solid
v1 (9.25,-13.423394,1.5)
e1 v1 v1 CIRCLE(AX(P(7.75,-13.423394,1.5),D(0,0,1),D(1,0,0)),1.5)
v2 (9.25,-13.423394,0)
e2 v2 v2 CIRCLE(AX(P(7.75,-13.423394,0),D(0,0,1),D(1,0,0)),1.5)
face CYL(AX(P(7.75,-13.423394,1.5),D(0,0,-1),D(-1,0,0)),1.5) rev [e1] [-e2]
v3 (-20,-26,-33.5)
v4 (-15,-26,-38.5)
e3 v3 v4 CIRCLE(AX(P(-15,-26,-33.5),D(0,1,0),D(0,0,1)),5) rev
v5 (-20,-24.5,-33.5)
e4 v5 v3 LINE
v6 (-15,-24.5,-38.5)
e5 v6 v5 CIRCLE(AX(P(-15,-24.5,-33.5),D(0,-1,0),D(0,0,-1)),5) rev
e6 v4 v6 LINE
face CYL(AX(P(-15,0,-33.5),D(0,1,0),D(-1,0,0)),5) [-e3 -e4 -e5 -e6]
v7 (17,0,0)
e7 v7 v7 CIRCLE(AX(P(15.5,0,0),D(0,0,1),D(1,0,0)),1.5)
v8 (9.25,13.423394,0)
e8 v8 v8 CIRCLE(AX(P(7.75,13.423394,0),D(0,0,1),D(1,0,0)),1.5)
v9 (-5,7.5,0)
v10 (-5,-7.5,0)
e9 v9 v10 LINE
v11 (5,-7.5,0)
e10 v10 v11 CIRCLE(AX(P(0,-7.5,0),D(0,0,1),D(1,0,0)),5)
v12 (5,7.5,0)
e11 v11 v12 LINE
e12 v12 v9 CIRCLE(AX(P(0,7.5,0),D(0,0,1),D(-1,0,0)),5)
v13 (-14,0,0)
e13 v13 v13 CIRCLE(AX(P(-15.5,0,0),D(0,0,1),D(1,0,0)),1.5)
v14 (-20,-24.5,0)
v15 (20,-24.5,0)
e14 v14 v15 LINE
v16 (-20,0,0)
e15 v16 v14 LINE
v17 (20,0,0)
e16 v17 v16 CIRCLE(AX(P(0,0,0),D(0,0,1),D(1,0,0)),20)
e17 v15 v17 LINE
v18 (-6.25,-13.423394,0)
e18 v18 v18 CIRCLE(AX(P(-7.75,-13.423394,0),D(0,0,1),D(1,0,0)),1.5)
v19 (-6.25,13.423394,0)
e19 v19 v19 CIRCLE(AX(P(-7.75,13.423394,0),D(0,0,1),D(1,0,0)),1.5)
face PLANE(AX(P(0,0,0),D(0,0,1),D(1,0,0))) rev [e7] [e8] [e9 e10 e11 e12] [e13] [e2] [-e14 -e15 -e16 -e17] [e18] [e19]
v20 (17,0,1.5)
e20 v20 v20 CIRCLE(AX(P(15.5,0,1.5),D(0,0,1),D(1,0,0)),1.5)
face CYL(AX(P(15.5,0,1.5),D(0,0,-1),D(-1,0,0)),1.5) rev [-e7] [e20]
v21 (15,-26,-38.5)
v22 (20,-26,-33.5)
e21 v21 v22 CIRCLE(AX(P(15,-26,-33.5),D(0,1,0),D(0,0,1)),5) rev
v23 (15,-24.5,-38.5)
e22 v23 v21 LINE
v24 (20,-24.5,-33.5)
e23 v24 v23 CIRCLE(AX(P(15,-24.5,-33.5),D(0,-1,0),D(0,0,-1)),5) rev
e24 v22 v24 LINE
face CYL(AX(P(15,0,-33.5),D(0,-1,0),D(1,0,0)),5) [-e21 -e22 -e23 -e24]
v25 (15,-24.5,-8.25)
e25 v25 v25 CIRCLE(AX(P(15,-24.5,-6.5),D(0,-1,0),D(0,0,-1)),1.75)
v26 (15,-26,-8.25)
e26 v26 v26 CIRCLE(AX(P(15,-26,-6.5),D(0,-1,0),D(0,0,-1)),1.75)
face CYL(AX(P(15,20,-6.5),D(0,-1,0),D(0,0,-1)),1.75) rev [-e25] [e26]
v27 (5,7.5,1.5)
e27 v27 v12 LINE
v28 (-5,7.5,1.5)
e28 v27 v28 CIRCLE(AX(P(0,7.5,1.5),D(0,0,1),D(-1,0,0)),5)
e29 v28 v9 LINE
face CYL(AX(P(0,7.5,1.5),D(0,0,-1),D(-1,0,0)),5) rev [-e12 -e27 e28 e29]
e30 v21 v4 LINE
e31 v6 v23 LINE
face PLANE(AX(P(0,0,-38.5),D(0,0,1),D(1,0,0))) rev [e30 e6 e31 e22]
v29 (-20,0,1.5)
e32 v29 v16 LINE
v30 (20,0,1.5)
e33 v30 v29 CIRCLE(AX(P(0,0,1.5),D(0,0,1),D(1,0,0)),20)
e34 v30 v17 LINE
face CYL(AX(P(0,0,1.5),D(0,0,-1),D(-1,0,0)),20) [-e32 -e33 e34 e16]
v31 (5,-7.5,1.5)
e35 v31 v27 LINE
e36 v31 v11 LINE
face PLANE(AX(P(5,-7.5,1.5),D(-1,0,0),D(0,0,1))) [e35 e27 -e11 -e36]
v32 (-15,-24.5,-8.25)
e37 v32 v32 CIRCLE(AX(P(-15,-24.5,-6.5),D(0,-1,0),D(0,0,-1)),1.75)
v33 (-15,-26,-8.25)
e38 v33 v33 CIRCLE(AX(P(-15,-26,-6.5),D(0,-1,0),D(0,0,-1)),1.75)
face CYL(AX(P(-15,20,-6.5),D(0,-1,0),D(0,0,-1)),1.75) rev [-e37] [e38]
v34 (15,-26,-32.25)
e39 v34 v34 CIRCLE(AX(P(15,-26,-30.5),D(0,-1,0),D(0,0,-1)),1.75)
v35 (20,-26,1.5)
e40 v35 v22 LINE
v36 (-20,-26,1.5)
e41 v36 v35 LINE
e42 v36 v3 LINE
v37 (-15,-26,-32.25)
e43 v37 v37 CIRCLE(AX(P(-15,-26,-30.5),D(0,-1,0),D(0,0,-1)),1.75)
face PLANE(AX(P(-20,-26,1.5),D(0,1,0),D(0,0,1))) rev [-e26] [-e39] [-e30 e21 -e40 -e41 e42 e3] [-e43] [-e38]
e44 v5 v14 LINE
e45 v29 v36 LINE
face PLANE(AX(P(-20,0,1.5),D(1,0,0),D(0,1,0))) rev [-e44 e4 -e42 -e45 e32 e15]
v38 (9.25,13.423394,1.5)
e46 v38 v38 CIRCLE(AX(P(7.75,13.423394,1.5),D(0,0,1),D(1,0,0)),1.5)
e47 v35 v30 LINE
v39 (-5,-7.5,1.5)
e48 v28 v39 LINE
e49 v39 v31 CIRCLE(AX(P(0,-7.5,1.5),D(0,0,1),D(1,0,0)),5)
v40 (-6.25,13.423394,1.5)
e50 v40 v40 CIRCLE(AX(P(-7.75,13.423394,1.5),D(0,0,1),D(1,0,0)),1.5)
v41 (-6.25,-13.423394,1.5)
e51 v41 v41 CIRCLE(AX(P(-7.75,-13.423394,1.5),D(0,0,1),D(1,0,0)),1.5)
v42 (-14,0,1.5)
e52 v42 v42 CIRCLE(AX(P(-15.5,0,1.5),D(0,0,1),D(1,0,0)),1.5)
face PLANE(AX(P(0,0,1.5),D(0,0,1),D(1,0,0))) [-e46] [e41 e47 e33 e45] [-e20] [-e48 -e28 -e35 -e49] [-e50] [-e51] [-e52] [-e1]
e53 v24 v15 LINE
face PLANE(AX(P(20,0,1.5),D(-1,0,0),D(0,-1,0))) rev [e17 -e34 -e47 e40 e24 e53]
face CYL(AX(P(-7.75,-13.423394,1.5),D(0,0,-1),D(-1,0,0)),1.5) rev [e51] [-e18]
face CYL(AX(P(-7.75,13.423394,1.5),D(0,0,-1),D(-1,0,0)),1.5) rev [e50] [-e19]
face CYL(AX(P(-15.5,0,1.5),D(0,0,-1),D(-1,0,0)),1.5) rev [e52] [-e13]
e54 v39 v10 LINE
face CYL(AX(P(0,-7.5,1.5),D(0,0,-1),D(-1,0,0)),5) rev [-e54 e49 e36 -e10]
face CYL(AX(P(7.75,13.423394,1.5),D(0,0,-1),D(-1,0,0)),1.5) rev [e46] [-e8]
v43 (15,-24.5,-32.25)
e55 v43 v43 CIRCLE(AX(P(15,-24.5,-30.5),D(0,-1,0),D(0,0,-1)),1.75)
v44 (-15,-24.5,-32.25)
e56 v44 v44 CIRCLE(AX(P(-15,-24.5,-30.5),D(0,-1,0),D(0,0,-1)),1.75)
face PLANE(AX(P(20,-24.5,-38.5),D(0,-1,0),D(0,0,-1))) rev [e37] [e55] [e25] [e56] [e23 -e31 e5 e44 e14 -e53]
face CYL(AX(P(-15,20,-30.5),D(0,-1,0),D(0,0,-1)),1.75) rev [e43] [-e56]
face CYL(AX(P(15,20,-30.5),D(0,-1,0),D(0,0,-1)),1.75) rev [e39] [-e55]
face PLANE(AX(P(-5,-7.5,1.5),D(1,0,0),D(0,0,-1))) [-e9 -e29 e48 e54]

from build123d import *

# Parameters (mm, degrees)
SKETCH_1_R          = 1.5
EXTRUDE_1_DEPTH     = 1.5
SKETCH_2_W          = 40
SKETCH_2_H          = 1.5
EXTRUDE_2_DEPTH     = 38.5
SKETCH_3_R          = 1.75
CUT_EXTRUDE_1_DEPTH = 47
FILLET_1_R          = 5


with BuildPart() as part:
    # 草图1 → 凸台-拉伸1 (new body)
    with BuildSketch(Plane.XY):
        with BuildLine():
            Line((-20, 0), (-20, -26))
            Line((-20, -26), (20, -26))
            Line((20, -26), (20, 0))
            ThreePointArc((20, 0), (0, 20), (-20, 0))
        make_face()
        with Locations((7.75, 13.423393759)):
            Circle(SKETCH_1_R, mode=Mode.SUBTRACT)
        with Locations((-7.75, 13.423393759)):
            Circle(SKETCH_1_R, mode=Mode.SUBTRACT)
        with Locations((-15.5, 0)):
            Circle(SKETCH_1_R, mode=Mode.SUBTRACT)
        with Locations((-7.75, -13.423393759)):
            Circle(SKETCH_1_R, mode=Mode.SUBTRACT)
        with Locations((7.75, -13.423393759)):
            Circle(SKETCH_1_R, mode=Mode.SUBTRACT)
        with Locations((15.5, 0)):
            Circle(SKETCH_1_R, mode=Mode.SUBTRACT)
        with BuildLine():
            Line((5, -7.5), (5, 7.5))
            ThreePointArc((5, 7.5), (0, 12.5), (-5, 7.5))
            Line((-5, 7.5), (-5, -7.5))
            ThreePointArc((-5, -7.5), (0, -12.5), (5, -7.5))
        make_face(mode=Mode.SUBTRACT)
    extrude(amount=EXTRUDE_1_DEPTH)

    # 草图2 → 凸台-拉伸2 (add)
    with BuildSketch(Plane(origin=(0, 0, 0), x_dir=(-1, 0, 0), z_dir=(0, 0, -1))):
        with Locations((0, -25.25)):
            Rectangle(SKETCH_2_W, SKETCH_2_H)
    extrude(amount=EXTRUDE_2_DEPTH)

    # 草图3 → 切除-拉伸1 (cut, through all)
    with BuildSketch(Plane.XZ.offset(26)):
        with Locations((-15, -6.5)):
            Circle(SKETCH_3_R)
        with Locations((15, -6.5)):
            Circle(SKETCH_3_R)
        with Locations((-15, -30.5)):
            Circle(SKETCH_3_R)
        with Locations((15, -30.5)):
            Circle(SKETCH_3_R)
    extrude(amount=-CUT_EXTRUDE_1_DEPTH, mode=Mode.SUBTRACT)

    # 圆角1
    fillet_1_edges = [part.edges().sort_by_distance(p)[0] for p in [
        (20, -25.25, -38.5),
        (-20, -25.25, -38.5),
    ]]
    fillet(fillet_1_edges, radius=FILLET_1_R)


solid = part.part
